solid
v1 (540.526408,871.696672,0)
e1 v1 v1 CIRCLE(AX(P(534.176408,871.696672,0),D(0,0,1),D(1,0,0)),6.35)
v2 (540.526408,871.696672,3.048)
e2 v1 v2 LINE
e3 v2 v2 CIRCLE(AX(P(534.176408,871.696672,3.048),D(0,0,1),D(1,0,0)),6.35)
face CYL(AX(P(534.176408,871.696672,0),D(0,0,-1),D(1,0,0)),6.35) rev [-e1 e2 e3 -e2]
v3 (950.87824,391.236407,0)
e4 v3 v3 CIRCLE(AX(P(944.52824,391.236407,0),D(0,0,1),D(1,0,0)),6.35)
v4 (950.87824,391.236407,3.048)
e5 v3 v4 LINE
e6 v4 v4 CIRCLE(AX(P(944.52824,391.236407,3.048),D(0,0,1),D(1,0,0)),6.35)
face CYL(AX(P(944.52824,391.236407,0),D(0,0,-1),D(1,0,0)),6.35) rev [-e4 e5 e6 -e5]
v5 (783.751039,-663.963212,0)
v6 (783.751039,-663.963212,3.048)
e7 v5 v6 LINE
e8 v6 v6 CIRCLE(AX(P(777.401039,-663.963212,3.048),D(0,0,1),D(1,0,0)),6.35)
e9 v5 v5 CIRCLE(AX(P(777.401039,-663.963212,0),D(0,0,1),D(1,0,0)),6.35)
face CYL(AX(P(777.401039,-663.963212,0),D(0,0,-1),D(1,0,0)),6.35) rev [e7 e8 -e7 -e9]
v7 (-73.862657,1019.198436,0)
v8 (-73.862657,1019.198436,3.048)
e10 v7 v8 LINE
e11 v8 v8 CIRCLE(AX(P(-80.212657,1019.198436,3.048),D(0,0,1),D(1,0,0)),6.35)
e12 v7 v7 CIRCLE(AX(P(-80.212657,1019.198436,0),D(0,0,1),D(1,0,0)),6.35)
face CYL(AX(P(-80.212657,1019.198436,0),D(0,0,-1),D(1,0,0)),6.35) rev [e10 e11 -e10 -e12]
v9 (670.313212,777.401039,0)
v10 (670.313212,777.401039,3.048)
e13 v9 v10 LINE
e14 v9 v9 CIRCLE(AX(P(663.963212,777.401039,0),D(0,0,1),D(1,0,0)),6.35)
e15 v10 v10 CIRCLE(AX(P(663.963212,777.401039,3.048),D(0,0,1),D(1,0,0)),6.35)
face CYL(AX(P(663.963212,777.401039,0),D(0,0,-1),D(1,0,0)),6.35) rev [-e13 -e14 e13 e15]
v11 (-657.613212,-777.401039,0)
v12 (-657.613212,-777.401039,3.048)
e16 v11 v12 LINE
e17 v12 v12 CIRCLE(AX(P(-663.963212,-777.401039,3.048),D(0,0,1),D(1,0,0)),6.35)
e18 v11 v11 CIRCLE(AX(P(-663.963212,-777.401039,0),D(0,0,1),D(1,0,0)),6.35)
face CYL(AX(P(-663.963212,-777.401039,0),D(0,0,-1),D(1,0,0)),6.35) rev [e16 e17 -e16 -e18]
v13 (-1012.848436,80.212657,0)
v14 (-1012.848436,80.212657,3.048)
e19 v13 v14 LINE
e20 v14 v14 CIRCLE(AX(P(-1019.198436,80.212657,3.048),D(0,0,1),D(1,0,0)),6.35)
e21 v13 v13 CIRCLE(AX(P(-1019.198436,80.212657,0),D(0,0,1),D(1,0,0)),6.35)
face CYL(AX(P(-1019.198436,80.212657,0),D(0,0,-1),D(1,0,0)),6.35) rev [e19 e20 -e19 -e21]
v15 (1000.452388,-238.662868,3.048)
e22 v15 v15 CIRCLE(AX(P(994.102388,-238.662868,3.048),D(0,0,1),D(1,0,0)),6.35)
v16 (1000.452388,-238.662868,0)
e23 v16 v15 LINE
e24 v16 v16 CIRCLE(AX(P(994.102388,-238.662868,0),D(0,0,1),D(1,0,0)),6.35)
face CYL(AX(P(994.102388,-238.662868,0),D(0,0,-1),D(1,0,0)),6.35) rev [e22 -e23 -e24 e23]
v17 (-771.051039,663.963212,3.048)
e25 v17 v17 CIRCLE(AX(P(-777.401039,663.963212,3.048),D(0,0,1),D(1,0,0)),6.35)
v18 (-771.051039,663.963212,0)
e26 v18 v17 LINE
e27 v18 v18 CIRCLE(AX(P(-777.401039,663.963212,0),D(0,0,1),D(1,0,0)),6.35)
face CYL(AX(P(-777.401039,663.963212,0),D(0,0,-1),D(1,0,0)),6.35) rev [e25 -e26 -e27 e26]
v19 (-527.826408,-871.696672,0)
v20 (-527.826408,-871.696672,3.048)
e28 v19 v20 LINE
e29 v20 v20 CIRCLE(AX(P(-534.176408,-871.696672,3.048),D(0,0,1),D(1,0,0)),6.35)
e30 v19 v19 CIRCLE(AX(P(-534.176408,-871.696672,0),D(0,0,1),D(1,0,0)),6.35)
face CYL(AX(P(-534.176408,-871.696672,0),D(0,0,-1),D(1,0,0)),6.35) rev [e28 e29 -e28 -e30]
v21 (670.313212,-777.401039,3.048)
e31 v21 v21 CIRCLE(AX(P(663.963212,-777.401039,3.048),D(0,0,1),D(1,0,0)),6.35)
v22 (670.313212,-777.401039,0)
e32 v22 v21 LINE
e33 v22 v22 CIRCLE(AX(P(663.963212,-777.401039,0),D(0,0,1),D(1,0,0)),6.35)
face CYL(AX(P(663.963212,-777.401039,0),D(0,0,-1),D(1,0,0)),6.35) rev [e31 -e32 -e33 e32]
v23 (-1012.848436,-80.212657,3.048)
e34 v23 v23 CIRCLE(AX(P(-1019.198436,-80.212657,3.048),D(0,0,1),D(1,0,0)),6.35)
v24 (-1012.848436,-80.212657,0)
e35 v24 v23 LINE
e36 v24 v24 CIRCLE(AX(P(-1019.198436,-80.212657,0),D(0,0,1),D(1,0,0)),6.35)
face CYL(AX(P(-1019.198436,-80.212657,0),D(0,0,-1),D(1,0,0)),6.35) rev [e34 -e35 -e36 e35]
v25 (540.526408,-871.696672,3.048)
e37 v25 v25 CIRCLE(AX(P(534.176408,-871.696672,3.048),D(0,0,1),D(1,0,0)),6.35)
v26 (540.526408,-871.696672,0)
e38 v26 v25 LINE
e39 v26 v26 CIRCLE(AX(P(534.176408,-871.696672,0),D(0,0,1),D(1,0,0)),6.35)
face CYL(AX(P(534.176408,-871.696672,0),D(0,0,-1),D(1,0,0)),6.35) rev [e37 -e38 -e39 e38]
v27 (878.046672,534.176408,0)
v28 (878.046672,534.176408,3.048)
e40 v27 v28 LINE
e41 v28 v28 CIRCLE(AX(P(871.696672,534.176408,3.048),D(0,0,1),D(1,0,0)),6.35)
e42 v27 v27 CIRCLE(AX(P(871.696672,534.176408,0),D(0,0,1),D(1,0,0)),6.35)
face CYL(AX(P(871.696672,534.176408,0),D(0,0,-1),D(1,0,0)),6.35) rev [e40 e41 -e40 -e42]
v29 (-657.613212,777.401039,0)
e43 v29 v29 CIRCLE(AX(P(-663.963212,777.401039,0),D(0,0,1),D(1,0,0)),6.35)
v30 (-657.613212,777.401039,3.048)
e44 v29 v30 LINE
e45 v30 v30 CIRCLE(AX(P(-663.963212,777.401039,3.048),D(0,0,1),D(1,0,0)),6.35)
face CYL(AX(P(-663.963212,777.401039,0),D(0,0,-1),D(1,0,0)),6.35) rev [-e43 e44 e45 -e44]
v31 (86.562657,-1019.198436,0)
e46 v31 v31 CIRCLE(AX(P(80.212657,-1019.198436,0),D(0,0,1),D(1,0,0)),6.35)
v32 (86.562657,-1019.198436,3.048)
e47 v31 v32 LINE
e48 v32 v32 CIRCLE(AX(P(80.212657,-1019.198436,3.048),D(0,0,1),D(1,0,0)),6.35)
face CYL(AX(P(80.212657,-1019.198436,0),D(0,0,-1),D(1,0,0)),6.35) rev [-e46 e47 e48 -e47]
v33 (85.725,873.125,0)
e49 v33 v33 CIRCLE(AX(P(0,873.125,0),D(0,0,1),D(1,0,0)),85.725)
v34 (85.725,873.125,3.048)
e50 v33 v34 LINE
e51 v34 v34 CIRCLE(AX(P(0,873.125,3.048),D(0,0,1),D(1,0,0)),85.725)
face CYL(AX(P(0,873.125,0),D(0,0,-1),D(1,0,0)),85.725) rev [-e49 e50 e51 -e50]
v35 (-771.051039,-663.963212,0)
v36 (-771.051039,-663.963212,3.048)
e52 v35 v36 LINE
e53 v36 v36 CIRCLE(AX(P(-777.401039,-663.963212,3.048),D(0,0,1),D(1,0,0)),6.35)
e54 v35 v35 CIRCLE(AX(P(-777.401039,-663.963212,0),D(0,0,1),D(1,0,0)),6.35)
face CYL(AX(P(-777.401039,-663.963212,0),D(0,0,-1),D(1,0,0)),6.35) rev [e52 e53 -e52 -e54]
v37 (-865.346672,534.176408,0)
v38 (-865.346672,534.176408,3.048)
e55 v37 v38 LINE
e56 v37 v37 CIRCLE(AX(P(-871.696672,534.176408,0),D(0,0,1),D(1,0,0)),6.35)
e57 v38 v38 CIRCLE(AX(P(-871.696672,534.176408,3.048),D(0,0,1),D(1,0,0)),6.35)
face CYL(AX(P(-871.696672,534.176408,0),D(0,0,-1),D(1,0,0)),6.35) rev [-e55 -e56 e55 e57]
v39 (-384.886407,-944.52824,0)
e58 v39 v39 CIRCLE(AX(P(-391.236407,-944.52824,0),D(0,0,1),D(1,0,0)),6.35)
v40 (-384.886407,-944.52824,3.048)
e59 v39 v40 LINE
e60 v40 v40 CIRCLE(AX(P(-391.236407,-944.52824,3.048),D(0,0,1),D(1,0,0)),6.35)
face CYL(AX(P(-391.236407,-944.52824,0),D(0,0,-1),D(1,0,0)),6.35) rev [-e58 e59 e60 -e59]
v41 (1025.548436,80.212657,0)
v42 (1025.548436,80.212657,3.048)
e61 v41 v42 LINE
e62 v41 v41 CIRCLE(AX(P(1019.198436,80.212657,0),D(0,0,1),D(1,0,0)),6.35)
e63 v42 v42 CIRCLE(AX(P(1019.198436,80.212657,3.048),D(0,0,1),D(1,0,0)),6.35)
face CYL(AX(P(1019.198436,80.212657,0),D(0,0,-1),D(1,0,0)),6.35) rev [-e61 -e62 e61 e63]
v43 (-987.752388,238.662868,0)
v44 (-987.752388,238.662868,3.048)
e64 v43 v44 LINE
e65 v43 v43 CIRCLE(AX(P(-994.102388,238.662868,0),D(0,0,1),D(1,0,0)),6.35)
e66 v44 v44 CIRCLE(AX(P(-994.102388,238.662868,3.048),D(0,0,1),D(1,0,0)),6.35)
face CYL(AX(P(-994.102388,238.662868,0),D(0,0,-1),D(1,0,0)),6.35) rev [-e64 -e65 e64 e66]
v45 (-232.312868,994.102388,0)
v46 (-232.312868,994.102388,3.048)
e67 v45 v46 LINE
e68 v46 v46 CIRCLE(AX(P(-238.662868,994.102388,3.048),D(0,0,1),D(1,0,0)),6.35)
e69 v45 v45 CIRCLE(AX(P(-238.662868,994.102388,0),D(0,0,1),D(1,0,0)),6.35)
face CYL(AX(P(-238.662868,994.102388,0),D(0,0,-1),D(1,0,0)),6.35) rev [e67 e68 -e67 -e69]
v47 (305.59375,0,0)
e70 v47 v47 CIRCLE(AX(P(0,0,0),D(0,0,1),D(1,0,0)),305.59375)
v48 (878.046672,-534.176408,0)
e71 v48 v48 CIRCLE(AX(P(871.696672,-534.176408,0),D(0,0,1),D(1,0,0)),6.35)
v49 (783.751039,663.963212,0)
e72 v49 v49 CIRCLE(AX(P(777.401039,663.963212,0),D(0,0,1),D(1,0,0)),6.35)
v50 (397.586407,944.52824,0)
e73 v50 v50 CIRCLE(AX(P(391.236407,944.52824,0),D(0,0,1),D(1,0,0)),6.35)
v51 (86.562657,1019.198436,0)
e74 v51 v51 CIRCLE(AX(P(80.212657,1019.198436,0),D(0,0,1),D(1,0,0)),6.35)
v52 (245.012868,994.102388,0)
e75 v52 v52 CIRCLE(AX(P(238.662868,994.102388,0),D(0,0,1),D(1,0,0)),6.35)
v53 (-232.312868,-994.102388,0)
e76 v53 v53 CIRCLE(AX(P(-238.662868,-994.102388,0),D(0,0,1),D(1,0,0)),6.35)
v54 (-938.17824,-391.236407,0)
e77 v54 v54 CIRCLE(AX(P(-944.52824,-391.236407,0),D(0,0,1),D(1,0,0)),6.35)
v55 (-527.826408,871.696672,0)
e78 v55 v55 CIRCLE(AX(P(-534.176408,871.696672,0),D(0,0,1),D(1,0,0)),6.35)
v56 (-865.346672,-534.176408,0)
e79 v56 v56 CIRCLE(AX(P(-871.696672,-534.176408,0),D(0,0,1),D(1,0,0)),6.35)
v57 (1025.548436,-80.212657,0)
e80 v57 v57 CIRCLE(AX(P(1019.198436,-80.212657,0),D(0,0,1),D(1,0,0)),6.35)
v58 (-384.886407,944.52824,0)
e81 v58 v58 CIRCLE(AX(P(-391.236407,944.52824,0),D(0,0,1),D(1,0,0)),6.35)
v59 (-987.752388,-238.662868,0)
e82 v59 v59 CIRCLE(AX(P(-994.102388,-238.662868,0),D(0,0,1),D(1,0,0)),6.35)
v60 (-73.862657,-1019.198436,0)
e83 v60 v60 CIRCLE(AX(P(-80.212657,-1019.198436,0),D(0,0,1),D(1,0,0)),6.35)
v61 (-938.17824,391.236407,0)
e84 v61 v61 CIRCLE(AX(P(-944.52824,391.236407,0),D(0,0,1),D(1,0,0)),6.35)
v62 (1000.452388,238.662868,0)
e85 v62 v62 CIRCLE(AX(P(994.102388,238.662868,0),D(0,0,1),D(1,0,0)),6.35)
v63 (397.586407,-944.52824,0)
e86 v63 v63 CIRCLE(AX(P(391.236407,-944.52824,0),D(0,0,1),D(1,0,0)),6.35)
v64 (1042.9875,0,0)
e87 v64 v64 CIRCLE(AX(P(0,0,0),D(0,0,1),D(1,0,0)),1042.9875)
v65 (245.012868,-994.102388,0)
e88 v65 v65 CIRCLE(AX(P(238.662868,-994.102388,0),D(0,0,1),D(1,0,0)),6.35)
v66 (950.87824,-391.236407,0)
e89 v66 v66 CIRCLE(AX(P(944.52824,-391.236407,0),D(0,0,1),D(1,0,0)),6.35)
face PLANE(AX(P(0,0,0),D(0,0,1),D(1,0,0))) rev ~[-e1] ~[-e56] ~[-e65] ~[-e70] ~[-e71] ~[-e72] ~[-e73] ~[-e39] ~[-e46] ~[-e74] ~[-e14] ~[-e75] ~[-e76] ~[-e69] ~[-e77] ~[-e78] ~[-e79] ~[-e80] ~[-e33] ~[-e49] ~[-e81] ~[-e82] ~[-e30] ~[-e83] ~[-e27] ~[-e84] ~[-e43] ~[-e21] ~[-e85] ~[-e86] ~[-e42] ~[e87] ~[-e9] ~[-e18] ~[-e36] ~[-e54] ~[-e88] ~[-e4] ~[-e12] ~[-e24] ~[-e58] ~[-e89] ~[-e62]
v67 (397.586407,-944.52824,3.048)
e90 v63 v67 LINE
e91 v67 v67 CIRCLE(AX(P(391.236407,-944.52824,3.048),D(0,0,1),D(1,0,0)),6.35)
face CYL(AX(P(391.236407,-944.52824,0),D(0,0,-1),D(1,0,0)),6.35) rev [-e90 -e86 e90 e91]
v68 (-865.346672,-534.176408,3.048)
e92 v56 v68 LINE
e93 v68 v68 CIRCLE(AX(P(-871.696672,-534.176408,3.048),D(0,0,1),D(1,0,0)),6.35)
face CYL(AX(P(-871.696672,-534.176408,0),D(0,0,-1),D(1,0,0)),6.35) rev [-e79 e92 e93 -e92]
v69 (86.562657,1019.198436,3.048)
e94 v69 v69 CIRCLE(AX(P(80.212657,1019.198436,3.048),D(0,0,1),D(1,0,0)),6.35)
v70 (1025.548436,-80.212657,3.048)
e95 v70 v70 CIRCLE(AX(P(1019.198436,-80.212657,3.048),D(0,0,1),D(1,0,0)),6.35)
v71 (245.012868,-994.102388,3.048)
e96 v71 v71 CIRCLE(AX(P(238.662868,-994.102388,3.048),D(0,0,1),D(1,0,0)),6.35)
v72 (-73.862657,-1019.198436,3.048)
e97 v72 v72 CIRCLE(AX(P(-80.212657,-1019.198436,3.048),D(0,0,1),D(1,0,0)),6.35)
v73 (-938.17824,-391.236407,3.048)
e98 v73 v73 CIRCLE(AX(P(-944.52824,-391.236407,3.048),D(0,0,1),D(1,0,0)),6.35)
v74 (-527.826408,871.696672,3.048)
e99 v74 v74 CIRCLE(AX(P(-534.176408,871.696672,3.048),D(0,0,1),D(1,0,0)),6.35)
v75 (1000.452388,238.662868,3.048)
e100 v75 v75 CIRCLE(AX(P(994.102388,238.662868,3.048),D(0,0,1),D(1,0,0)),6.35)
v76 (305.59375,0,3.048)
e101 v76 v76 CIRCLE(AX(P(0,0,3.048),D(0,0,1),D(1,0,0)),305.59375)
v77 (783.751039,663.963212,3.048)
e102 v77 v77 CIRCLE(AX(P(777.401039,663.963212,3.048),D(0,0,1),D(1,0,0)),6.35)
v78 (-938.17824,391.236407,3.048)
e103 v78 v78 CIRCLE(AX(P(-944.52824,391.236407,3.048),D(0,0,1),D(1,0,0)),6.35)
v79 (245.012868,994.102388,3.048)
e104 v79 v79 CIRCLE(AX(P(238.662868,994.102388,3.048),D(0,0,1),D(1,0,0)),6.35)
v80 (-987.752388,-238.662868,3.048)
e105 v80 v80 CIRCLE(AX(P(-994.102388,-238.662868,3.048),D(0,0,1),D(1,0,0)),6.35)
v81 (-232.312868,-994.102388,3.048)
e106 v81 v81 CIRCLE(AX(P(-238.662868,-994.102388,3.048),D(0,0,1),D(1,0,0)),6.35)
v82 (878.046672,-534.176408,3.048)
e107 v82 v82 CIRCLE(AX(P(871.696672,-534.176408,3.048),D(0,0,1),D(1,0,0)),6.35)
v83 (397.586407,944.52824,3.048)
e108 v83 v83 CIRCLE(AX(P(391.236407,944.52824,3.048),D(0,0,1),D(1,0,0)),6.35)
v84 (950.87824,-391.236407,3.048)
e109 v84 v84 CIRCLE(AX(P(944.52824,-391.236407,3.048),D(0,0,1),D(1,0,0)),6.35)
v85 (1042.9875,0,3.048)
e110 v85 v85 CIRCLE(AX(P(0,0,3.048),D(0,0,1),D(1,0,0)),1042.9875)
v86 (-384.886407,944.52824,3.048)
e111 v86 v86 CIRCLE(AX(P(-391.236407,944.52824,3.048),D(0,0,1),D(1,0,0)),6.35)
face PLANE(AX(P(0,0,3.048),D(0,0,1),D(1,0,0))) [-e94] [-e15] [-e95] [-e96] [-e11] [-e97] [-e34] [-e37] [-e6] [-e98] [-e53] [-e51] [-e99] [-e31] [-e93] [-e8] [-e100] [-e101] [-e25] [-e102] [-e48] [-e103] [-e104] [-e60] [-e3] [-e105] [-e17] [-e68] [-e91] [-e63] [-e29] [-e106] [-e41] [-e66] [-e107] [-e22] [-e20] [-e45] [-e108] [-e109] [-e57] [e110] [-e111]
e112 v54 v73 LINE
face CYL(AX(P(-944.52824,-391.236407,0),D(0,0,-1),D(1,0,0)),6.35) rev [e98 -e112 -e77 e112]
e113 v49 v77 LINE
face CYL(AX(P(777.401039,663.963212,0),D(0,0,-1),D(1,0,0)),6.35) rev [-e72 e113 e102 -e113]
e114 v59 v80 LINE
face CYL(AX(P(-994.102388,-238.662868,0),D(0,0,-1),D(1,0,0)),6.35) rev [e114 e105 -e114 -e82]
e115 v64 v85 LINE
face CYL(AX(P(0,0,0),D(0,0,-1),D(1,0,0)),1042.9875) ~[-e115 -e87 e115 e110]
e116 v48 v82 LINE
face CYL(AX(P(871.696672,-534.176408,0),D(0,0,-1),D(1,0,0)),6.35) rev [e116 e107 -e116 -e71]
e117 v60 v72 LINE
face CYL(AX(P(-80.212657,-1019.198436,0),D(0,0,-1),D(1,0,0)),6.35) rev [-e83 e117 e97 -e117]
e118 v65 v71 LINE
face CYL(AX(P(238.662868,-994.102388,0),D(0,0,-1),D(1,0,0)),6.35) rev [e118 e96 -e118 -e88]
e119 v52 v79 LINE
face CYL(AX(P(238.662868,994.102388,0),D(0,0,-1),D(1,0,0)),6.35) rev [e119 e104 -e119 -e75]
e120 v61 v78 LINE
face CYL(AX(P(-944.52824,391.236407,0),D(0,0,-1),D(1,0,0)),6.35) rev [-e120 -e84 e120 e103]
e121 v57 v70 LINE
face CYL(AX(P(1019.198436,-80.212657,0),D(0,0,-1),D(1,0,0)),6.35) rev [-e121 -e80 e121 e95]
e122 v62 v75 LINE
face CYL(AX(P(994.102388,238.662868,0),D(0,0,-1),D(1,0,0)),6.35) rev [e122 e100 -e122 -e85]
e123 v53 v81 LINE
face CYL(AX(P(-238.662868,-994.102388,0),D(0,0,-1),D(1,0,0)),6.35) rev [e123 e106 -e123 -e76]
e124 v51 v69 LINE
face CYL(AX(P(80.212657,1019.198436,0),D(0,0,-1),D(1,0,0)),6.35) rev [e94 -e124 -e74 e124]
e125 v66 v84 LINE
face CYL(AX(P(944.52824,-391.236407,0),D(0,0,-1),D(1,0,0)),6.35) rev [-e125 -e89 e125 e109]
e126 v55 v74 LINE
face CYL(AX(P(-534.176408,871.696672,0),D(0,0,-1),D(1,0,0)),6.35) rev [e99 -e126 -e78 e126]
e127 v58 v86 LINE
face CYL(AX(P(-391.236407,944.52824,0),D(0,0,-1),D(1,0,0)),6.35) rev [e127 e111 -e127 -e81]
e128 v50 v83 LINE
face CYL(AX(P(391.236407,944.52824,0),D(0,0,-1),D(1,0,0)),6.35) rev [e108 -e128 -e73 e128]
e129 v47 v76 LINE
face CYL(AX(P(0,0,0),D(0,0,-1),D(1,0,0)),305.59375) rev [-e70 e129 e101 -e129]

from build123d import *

# Parameters (mm, degrees)
F0_R     = 1042.9875
F0_R_2   = 6.35
F0_R_3   = 305.59375
F0_R_4   = 85.725
F1_DEPTH = 3.048


with BuildPart() as f1:
    # F0 (on Top) → F1 (new body)
    with BuildSketch(Plane.XY):
        Circle(F0_R)
        with Locations((-534.176408, -871.696672)):
            Circle(F0_R_2, mode=Mode.SUBTRACT)
        with Locations((-871.696672, -534.176408)):
            Circle(F0_R_2, mode=Mode.SUBTRACT)
        with Locations((-663.963212, -777.401039)):
            Circle(F0_R_2, mode=Mode.SUBTRACT)
        with Locations((-777.401039, -663.963212)):
            Circle(F0_R_2, mode=Mode.SUBTRACT)
        with Locations((-391.236407, -944.52824)):
            Circle(F0_R_2, mode=Mode.SUBTRACT)
        with Locations((-238.662868, -994.102388)):
            Circle(F0_R_2, mode=Mode.SUBTRACT)
        with Locations((-80.212657, -1019.198436)):
            Circle(F0_R_2, mode=Mode.SUBTRACT)
        with Locations((-944.52824, -391.236407)):
            Circle(F0_R_2, mode=Mode.SUBTRACT)
        with Locations((-994.102388, -238.662868)):
            Circle(F0_R_2, mode=Mode.SUBTRACT)
        with Locations((-1019.198436, -80.212657)):
            Circle(F0_R_2, mode=Mode.SUBTRACT)
        with Locations((80.212657, -1019.198436)):
            Circle(F0_R_2, mode=Mode.SUBTRACT)
        with Locations((238.662868, -994.102388)):
            Circle(F0_R_2, mode=Mode.SUBTRACT)
        with Locations((391.236407, -944.52824)):
            Circle(F0_R_2, mode=Mode.SUBTRACT)
        with Locations((534.176408, -871.696672)):
            Circle(F0_R_2, mode=Mode.SUBTRACT)
        with Locations((663.963212, -777.401039)):
            Circle(F0_R_2, mode=Mode.SUBTRACT)
        with Locations((777.401039, -663.963212)):
            Circle(F0_R_2, mode=Mode.SUBTRACT)
        with Locations((871.696672, -534.176408)):
            Circle(F0_R_2, mode=Mode.SUBTRACT)
        with Locations((944.52824, -391.236407)):
            Circle(F0_R_2, mode=Mode.SUBTRACT)
        with Locations((994.102388, -238.662868)):
            Circle(F0_R_2, mode=Mode.SUBTRACT)
        with Locations((1019.198436, -80.212657)):
            Circle(F0_R_2, mode=Mode.SUBTRACT)
        with Locations((-1019.198436, 80.212657)):
            Circle(F0_R_2, mode=Mode.SUBTRACT)
        with Locations((-994.102388, 238.662868)):
            Circle(F0_R_2, mode=Mode.SUBTRACT)
        with Locations((-944.52824, 391.236407)):
            Circle(F0_R_2, mode=Mode.SUBTRACT)
        with Locations((-871.696672, 534.176408)):
            Circle(F0_R_2, mode=Mode.SUBTRACT)
        with Locations((-777.401039, 663.963212)):
            Circle(F0_R_2, mode=Mode.SUBTRACT)
        with Locations((-663.963212, 777.401039)):
            Circle(F0_R_2, mode=Mode.SUBTRACT)
        with Locations((-534.176408, 871.696672)):
            Circle(F0_R_2, mode=Mode.SUBTRACT)
        with Locations((-391.236407, 944.52824)):
            Circle(F0_R_2, mode=Mode.SUBTRACT)
        with Locations((-238.662868, 994.102388)):
            Circle(F0_R_2, mode=Mode.SUBTRACT)
        with Locations((-80.212657, 1019.198436)):
            Circle(F0_R_2, mode=Mode.SUBTRACT)
        Circle(F0_R_3, mode=Mode.SUBTRACT)
        with Locations((1019.198436, 80.212657)):
            Circle(F0_R_2, mode=Mode.SUBTRACT)
        with Locations((994.102388, 238.662868)):
            Circle(F0_R_2, mode=Mode.SUBTRACT)
        with Locations((944.52824, 391.236407)):
            Circle(F0_R_2, mode=Mode.SUBTRACT)
        with Locations((0, 873.125)):
            Circle(F0_R_4, mode=Mode.SUBTRACT)
        with Locations((80.212657, 1019.198436)):
            Circle(F0_R_2, mode=Mode.SUBTRACT)
        with Locations((238.662868, 994.102388)):
            Circle(F0_R_2, mode=Mode.SUBTRACT)
        with Locations((391.236407, 944.52824)):
            Circle(F0_R_2, mode=Mode.SUBTRACT)
        with Locations((777.401039, 663.963212)):
            Circle(F0_R_2, mode=Mode.SUBTRACT)
        with Locations((663.963212, 777.401039)):
            Circle(F0_R_2, mode=Mode.SUBTRACT)
        with Locations((871.696672, 534.176408)):
            Circle(F0_R_2, mode=Mode.SUBTRACT)
        with Locations((534.176408, 871.696672)):
            Circle(F0_R_2, mode=Mode.SUBTRACT)
    extrude(amount=F1_DEPTH)


solid = f1.part
